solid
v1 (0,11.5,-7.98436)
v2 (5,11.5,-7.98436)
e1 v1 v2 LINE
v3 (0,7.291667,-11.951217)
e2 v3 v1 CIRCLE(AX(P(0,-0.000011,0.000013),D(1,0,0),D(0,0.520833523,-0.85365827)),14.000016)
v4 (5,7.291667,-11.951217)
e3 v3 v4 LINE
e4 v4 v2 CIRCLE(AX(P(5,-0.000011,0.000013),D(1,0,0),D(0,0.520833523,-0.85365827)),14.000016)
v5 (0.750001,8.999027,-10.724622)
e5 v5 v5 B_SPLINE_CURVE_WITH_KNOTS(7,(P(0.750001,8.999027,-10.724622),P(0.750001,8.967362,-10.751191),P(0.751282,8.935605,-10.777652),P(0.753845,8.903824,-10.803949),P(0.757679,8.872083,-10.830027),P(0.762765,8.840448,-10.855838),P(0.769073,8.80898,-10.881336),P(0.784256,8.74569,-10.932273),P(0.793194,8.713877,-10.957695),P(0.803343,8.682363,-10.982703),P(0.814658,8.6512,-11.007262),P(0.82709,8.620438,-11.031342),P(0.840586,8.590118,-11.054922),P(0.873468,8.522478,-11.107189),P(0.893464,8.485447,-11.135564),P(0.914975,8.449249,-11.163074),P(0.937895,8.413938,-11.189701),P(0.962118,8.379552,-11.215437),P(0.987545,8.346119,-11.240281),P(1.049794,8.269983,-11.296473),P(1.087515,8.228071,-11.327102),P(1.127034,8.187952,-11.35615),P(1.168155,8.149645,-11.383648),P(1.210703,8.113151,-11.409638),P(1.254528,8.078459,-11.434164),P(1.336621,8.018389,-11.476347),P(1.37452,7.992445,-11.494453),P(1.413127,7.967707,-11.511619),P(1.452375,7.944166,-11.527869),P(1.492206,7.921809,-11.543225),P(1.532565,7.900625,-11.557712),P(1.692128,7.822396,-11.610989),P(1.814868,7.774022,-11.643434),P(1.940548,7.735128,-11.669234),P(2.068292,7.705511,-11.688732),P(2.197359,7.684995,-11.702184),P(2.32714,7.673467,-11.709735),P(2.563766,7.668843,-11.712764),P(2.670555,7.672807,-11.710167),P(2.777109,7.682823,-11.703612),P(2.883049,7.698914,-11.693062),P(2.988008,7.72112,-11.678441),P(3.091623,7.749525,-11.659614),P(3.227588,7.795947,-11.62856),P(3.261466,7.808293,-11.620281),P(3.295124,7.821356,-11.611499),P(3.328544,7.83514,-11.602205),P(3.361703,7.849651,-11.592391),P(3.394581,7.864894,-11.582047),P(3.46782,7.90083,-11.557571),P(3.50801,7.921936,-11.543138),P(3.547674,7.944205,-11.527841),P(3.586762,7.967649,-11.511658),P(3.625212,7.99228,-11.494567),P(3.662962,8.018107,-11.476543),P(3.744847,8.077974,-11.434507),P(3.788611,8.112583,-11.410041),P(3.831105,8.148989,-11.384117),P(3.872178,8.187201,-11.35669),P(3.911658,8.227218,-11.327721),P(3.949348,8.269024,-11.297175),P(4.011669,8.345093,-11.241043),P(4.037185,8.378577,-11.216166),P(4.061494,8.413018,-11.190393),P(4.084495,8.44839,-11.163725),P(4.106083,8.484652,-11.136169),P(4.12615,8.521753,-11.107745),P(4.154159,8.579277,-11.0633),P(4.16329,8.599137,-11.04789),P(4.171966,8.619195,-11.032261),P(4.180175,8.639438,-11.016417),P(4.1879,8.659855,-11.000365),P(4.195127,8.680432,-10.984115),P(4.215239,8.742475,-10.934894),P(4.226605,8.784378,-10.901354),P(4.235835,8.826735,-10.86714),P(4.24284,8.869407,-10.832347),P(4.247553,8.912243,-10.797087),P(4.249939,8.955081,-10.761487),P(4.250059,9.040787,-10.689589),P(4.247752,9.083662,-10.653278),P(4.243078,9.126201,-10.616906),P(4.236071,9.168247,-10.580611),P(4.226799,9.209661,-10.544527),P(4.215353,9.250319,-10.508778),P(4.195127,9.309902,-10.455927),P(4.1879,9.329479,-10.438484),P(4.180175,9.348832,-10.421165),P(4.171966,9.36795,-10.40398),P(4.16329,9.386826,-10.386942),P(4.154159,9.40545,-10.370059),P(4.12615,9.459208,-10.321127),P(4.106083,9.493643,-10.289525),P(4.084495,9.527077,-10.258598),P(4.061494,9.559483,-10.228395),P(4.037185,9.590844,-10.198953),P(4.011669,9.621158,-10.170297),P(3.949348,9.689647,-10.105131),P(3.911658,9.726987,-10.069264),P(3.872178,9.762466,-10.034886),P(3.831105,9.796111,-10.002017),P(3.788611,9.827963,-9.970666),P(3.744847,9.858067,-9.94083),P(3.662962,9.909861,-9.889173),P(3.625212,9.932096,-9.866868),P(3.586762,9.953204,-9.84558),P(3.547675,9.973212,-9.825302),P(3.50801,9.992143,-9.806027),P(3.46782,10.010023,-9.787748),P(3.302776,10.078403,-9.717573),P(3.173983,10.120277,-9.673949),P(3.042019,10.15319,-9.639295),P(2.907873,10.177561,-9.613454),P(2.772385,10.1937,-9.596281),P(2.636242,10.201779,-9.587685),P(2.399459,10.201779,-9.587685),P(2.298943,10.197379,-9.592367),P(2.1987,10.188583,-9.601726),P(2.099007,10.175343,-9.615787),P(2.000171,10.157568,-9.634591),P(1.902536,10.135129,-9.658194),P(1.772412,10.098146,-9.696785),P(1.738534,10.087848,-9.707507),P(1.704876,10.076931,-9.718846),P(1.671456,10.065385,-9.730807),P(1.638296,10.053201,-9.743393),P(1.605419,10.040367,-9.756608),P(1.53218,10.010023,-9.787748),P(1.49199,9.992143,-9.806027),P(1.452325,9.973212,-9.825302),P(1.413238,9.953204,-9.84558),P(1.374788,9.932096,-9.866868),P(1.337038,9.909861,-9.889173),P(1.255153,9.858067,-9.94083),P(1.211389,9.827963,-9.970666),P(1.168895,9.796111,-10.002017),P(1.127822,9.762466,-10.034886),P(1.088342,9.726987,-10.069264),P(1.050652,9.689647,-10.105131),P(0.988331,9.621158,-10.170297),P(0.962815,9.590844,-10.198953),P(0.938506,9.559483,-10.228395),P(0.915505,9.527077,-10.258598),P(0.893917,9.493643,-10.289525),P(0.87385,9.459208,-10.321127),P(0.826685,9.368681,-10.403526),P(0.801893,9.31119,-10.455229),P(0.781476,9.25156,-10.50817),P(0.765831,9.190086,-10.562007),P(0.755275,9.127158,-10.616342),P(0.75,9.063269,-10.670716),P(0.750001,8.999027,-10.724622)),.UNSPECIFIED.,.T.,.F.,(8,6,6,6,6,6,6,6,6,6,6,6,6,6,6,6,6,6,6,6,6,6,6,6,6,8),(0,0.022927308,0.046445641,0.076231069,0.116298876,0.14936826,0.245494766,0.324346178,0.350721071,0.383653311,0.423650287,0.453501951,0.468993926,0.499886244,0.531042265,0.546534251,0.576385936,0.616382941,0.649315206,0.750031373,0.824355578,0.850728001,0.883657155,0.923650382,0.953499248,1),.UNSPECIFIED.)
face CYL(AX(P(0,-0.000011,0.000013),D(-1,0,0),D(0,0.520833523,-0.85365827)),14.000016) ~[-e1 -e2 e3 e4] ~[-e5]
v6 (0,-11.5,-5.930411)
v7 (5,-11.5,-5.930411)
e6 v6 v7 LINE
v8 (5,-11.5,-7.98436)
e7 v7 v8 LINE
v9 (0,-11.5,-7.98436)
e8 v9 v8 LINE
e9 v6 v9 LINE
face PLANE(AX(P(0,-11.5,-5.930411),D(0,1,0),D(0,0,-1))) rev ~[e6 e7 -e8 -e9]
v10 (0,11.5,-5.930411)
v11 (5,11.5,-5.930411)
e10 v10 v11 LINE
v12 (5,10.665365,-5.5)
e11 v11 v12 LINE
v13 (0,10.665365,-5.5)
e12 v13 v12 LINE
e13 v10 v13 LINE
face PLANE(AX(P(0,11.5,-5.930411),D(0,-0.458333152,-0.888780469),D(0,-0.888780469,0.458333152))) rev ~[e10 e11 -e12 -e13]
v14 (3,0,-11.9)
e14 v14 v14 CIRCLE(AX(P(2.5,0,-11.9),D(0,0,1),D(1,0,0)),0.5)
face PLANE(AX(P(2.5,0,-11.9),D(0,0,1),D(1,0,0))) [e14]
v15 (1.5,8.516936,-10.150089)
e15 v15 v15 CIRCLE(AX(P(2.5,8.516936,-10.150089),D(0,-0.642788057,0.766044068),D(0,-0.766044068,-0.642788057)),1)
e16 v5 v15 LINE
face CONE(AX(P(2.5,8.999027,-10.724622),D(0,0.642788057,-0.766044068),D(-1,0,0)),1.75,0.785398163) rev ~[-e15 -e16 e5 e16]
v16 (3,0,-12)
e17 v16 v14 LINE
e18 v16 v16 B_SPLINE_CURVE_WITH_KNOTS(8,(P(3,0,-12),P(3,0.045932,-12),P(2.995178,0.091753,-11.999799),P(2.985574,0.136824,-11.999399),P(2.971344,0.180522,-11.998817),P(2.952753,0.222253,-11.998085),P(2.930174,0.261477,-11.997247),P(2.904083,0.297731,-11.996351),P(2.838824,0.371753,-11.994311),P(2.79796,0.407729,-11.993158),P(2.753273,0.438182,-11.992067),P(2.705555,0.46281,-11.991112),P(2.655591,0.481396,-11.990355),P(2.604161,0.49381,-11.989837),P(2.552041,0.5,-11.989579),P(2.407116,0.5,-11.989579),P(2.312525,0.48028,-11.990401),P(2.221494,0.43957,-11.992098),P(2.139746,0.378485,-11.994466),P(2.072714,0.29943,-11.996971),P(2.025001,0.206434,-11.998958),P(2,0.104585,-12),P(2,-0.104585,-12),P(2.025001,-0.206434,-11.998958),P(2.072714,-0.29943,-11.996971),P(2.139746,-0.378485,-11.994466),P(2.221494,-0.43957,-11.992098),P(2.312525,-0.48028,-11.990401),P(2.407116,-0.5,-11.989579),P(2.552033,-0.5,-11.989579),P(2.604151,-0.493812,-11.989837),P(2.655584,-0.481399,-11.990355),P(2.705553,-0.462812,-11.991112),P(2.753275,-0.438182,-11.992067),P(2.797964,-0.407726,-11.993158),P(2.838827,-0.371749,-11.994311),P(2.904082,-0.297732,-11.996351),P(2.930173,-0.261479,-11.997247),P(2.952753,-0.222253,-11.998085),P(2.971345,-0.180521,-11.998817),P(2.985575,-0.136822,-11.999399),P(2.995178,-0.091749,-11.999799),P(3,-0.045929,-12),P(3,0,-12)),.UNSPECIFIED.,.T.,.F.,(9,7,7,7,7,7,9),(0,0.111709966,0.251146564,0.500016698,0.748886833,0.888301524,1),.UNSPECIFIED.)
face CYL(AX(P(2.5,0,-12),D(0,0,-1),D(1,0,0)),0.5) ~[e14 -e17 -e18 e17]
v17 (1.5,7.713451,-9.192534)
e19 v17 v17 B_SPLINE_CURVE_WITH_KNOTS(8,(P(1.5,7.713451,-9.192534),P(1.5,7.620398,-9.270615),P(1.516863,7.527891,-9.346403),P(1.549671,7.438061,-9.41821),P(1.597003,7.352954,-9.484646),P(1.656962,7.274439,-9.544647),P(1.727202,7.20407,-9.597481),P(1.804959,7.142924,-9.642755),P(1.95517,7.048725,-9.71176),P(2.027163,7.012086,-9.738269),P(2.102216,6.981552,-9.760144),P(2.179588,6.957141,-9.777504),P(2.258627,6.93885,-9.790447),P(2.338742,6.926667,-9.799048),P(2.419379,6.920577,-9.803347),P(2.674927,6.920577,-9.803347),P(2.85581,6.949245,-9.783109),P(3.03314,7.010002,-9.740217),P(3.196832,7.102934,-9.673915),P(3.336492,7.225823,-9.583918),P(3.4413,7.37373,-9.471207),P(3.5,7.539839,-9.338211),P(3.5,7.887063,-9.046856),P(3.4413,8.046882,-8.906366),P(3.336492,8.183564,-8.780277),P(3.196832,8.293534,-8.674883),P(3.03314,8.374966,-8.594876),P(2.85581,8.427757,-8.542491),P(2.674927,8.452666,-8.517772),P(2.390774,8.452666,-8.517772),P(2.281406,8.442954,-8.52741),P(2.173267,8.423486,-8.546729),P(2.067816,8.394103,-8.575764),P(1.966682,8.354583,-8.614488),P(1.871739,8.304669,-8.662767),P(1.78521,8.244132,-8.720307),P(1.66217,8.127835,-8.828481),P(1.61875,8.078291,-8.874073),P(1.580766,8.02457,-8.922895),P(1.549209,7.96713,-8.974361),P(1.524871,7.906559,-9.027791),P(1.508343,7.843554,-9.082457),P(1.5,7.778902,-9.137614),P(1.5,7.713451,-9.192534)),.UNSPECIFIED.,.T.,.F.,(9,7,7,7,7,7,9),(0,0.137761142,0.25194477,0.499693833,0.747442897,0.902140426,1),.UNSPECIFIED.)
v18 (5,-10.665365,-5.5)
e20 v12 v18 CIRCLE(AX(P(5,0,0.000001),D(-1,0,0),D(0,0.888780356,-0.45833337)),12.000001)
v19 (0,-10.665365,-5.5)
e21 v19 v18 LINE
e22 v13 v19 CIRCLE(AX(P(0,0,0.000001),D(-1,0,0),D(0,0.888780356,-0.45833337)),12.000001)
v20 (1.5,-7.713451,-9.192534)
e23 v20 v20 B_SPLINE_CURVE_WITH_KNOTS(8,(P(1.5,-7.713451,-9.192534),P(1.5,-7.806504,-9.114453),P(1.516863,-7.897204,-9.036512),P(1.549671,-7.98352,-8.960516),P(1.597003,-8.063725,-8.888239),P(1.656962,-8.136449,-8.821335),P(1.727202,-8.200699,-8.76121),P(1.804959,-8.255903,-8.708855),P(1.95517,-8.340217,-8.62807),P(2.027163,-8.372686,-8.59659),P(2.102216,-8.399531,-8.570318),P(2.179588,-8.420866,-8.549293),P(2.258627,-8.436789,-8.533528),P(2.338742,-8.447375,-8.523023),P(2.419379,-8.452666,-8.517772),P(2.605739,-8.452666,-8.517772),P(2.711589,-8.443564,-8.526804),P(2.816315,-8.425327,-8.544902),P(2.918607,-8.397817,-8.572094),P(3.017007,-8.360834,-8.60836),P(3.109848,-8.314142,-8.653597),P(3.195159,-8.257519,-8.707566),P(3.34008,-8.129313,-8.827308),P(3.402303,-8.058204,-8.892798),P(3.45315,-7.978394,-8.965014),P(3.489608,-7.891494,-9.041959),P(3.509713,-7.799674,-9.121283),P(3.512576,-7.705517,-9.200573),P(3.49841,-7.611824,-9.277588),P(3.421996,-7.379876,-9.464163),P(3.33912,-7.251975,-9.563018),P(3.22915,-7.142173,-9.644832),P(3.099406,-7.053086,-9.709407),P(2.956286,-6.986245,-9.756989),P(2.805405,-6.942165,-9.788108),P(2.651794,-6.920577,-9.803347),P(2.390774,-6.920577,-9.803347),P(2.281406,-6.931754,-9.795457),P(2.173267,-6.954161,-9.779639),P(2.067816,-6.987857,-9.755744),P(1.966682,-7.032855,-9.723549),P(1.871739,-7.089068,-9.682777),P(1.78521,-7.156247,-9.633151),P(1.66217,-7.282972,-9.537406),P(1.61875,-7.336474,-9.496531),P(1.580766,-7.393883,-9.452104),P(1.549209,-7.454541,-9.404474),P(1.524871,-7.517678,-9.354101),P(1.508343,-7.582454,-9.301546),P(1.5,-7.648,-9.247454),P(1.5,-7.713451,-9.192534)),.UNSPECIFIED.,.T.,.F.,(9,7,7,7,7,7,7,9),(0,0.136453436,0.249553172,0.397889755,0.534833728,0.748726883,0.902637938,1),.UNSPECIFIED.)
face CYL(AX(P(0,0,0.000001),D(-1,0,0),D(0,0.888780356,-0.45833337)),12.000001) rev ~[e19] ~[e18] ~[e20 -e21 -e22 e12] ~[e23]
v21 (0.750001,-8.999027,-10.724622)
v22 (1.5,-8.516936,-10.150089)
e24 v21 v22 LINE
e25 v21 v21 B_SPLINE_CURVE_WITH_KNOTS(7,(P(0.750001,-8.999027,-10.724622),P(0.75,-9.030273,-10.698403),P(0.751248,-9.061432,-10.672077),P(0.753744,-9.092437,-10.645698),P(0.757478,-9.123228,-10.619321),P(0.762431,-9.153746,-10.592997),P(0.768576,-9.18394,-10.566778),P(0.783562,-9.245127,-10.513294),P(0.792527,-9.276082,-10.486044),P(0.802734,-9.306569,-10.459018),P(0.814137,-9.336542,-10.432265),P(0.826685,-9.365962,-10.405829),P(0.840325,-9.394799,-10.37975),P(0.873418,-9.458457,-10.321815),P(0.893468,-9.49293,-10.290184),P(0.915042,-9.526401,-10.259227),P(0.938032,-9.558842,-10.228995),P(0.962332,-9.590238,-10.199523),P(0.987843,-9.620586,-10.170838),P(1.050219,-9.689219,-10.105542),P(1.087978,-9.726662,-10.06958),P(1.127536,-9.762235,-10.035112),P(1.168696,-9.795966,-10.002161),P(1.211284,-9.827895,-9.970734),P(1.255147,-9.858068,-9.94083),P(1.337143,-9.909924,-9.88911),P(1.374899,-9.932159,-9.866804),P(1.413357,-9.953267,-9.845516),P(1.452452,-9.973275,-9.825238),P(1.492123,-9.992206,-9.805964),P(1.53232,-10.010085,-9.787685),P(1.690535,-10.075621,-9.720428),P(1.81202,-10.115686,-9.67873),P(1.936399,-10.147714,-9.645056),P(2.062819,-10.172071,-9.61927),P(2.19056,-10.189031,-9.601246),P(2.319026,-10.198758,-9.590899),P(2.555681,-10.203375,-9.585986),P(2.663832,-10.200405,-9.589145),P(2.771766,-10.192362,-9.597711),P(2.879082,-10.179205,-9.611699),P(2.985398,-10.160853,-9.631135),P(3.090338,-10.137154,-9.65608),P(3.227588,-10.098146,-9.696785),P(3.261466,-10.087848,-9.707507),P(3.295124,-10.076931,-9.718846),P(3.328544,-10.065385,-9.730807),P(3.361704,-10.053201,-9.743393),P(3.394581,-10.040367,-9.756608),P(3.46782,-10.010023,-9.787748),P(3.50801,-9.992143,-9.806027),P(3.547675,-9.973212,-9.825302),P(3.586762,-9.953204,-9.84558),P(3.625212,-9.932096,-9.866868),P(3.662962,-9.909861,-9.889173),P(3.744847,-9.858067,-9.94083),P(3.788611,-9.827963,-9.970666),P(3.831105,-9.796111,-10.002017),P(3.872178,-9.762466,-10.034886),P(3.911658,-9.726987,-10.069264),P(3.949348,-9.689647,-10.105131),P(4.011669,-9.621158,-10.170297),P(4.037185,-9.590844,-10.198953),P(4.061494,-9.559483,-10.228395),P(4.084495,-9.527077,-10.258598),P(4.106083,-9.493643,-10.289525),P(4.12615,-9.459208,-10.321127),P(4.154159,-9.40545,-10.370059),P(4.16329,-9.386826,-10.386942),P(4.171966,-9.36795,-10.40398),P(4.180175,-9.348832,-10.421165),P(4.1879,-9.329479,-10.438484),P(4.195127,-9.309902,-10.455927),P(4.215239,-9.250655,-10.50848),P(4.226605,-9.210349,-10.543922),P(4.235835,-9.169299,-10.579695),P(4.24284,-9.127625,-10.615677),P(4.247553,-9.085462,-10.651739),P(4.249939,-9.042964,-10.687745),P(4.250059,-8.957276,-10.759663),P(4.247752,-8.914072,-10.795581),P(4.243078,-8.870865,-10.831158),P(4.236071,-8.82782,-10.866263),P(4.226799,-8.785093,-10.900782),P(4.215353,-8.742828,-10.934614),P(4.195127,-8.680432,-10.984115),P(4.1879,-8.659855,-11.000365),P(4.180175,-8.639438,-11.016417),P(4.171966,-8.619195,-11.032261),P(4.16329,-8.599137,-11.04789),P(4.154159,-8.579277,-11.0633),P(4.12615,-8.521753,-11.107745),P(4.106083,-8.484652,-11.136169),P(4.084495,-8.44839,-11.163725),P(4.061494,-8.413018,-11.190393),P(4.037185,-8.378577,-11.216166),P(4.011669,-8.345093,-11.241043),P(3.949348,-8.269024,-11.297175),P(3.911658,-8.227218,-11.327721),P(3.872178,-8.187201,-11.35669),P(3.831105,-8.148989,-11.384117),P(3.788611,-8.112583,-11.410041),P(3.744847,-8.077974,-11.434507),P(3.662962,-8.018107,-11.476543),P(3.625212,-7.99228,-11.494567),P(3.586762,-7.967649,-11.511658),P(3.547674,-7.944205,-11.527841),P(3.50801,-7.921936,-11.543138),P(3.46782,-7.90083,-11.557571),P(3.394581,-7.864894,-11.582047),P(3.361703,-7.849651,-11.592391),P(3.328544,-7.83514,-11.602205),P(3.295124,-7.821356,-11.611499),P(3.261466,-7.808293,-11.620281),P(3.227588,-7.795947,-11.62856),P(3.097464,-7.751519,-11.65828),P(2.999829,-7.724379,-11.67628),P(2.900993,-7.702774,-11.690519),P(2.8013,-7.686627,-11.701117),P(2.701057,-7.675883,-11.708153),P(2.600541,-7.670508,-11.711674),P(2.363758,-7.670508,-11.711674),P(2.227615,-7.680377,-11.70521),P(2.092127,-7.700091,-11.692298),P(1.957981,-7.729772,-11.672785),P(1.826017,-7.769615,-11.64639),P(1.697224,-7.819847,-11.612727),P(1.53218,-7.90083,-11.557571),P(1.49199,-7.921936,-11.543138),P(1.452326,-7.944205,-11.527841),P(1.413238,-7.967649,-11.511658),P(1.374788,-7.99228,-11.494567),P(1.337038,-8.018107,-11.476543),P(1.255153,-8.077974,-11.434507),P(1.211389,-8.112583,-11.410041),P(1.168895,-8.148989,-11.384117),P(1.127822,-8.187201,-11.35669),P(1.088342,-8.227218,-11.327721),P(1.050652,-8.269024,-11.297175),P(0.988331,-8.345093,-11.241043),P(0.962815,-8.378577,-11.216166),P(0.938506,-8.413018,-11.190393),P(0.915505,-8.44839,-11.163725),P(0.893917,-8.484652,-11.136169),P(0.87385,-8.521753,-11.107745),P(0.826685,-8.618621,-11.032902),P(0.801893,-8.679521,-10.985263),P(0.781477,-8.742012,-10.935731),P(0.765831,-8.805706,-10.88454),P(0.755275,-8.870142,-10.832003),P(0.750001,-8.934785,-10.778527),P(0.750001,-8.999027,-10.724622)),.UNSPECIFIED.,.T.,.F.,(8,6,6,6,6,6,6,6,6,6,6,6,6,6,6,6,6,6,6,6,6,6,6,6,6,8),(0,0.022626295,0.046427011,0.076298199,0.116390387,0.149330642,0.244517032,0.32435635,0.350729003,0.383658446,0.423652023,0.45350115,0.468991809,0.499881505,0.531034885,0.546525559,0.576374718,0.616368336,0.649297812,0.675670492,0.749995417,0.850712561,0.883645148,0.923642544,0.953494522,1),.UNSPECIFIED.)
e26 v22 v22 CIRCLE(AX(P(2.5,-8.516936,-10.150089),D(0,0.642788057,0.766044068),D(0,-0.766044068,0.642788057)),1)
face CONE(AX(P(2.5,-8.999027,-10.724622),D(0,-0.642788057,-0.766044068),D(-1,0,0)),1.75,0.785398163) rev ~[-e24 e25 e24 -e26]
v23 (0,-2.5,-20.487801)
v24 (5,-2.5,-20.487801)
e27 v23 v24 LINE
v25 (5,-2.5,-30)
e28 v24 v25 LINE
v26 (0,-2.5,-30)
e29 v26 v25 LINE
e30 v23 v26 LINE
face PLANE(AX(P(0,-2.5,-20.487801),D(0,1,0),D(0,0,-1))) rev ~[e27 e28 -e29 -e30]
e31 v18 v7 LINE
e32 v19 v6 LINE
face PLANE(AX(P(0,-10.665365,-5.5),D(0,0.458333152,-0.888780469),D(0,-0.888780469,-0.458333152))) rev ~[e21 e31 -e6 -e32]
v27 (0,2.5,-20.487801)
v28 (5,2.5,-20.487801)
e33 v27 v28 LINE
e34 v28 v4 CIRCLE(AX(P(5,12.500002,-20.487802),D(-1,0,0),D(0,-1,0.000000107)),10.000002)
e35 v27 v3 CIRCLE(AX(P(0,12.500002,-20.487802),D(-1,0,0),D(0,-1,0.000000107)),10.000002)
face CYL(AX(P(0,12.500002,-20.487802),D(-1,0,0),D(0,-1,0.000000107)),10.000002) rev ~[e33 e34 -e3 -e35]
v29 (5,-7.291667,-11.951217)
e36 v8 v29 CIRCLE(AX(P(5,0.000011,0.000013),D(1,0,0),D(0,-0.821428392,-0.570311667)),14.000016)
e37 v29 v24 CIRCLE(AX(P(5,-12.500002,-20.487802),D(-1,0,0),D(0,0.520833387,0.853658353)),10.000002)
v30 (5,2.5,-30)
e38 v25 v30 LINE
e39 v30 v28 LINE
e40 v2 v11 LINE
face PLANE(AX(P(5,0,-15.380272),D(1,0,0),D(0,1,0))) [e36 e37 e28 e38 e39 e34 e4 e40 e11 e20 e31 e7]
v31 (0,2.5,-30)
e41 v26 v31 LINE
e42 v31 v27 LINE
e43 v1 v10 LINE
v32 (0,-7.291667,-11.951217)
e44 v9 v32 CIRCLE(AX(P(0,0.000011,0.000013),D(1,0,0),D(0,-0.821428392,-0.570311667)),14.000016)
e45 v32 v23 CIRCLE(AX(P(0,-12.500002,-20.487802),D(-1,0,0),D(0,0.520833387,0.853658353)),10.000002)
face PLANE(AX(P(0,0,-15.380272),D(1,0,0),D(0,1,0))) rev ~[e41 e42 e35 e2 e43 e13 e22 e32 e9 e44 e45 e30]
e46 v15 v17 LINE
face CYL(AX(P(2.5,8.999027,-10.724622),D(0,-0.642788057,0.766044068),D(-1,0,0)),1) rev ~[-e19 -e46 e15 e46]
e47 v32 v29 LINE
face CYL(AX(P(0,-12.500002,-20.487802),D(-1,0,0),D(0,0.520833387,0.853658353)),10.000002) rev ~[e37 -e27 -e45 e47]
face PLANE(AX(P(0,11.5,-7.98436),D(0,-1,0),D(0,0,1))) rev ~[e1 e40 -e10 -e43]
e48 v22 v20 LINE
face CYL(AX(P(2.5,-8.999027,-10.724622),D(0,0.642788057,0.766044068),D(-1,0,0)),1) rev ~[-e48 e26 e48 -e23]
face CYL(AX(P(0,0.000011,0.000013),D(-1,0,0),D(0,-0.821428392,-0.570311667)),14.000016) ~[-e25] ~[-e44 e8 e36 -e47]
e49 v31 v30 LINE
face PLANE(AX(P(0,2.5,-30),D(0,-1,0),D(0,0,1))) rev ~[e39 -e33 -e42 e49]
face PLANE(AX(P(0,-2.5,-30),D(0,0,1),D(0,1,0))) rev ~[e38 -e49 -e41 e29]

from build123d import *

# Parameters (mm, degrees)
F1_DEPTH       = 5
F5_D           = 2
F5_DEPTH       = 5
F5_CSINK_D     = 3.5
F5_CSINK_ANGLE = 90
F8_D           = 2
F8_DEPTH       = 5
F8_CSINK_D     = 3.5
F8_CSINK_ANGLE = 90
F10_R          = 0.5
F11_DEPTH      = 0.1


with BuildPart() as f1:
    # F0 (on Right) → F1 (new body)
    with BuildSketch(Plane.YZ):
        with BuildLine():
            ThreePointArc((2.5, -20.487801), (3.779813, -15.593076), (7.291667, -11.951217))
            ThreePointArc((7.291667, -11.951217), (9.602899, -10.187459), (11.5, -7.98436))
            Line((11.5, -7.98436), (11.5, -5.930411))
            Line((11.5, -5.930411), (10.665365, -5.5))
            ThreePointArc((10.665365, -5.5), (0, -12), (-10.665365, -5.5))
            Line((-10.665365, -5.5), (-11.5, -5.930411))
            Line((-11.5, -5.930411), (-11.5, -7.98436))
            ThreePointArc((-11.5, -7.98436), (-9.602899, -10.187459), (-7.291667, -11.951217))
            ThreePointArc((-7.291667, -11.951217), (-3.779813, -15.593076), (-2.5, -20.487801))
            Line((-2.5, -20.487801), (-2.5, -30))
            Line((-2.5, -30), (2.5, -30))
            Line((2.5, -30), (2.5, -20.487801))
        make_face()
    extrude(amount=F1_DEPTH)

    # F5
    with Locations(Plane(origin=(0, 8.999027, -10.724622), x_dir=(1, 0, 0), z_dir=(0, 0.642788, -0.766044))):
        with Locations((2.5, 0)):
            CounterSinkHole(F5_D / 2, F5_CSINK_D / 2, depth=F5_DEPTH, counter_sink_angle=F5_CSINK_ANGLE)

    # F8
    with Locations(Plane(origin=(0, -8.999027, -10.724622), x_dir=(1, 0, 0), z_dir=(0, -0.642788, -0.766044))):
        with Locations((2.5, 0)):
            CounterSinkHole(F8_D / 2, F8_CSINK_D / 2, depth=F8_DEPTH, counter_sink_angle=F8_CSINK_ANGLE)

    # F10 (on offset) → F11 (join)
    with BuildSketch(Plane.XY.offset(-12)):
        with Locations((2.5, 0)):
            Circle(F10_R)
    extrude(amount=F11_DEPTH)


solid = f1.part
